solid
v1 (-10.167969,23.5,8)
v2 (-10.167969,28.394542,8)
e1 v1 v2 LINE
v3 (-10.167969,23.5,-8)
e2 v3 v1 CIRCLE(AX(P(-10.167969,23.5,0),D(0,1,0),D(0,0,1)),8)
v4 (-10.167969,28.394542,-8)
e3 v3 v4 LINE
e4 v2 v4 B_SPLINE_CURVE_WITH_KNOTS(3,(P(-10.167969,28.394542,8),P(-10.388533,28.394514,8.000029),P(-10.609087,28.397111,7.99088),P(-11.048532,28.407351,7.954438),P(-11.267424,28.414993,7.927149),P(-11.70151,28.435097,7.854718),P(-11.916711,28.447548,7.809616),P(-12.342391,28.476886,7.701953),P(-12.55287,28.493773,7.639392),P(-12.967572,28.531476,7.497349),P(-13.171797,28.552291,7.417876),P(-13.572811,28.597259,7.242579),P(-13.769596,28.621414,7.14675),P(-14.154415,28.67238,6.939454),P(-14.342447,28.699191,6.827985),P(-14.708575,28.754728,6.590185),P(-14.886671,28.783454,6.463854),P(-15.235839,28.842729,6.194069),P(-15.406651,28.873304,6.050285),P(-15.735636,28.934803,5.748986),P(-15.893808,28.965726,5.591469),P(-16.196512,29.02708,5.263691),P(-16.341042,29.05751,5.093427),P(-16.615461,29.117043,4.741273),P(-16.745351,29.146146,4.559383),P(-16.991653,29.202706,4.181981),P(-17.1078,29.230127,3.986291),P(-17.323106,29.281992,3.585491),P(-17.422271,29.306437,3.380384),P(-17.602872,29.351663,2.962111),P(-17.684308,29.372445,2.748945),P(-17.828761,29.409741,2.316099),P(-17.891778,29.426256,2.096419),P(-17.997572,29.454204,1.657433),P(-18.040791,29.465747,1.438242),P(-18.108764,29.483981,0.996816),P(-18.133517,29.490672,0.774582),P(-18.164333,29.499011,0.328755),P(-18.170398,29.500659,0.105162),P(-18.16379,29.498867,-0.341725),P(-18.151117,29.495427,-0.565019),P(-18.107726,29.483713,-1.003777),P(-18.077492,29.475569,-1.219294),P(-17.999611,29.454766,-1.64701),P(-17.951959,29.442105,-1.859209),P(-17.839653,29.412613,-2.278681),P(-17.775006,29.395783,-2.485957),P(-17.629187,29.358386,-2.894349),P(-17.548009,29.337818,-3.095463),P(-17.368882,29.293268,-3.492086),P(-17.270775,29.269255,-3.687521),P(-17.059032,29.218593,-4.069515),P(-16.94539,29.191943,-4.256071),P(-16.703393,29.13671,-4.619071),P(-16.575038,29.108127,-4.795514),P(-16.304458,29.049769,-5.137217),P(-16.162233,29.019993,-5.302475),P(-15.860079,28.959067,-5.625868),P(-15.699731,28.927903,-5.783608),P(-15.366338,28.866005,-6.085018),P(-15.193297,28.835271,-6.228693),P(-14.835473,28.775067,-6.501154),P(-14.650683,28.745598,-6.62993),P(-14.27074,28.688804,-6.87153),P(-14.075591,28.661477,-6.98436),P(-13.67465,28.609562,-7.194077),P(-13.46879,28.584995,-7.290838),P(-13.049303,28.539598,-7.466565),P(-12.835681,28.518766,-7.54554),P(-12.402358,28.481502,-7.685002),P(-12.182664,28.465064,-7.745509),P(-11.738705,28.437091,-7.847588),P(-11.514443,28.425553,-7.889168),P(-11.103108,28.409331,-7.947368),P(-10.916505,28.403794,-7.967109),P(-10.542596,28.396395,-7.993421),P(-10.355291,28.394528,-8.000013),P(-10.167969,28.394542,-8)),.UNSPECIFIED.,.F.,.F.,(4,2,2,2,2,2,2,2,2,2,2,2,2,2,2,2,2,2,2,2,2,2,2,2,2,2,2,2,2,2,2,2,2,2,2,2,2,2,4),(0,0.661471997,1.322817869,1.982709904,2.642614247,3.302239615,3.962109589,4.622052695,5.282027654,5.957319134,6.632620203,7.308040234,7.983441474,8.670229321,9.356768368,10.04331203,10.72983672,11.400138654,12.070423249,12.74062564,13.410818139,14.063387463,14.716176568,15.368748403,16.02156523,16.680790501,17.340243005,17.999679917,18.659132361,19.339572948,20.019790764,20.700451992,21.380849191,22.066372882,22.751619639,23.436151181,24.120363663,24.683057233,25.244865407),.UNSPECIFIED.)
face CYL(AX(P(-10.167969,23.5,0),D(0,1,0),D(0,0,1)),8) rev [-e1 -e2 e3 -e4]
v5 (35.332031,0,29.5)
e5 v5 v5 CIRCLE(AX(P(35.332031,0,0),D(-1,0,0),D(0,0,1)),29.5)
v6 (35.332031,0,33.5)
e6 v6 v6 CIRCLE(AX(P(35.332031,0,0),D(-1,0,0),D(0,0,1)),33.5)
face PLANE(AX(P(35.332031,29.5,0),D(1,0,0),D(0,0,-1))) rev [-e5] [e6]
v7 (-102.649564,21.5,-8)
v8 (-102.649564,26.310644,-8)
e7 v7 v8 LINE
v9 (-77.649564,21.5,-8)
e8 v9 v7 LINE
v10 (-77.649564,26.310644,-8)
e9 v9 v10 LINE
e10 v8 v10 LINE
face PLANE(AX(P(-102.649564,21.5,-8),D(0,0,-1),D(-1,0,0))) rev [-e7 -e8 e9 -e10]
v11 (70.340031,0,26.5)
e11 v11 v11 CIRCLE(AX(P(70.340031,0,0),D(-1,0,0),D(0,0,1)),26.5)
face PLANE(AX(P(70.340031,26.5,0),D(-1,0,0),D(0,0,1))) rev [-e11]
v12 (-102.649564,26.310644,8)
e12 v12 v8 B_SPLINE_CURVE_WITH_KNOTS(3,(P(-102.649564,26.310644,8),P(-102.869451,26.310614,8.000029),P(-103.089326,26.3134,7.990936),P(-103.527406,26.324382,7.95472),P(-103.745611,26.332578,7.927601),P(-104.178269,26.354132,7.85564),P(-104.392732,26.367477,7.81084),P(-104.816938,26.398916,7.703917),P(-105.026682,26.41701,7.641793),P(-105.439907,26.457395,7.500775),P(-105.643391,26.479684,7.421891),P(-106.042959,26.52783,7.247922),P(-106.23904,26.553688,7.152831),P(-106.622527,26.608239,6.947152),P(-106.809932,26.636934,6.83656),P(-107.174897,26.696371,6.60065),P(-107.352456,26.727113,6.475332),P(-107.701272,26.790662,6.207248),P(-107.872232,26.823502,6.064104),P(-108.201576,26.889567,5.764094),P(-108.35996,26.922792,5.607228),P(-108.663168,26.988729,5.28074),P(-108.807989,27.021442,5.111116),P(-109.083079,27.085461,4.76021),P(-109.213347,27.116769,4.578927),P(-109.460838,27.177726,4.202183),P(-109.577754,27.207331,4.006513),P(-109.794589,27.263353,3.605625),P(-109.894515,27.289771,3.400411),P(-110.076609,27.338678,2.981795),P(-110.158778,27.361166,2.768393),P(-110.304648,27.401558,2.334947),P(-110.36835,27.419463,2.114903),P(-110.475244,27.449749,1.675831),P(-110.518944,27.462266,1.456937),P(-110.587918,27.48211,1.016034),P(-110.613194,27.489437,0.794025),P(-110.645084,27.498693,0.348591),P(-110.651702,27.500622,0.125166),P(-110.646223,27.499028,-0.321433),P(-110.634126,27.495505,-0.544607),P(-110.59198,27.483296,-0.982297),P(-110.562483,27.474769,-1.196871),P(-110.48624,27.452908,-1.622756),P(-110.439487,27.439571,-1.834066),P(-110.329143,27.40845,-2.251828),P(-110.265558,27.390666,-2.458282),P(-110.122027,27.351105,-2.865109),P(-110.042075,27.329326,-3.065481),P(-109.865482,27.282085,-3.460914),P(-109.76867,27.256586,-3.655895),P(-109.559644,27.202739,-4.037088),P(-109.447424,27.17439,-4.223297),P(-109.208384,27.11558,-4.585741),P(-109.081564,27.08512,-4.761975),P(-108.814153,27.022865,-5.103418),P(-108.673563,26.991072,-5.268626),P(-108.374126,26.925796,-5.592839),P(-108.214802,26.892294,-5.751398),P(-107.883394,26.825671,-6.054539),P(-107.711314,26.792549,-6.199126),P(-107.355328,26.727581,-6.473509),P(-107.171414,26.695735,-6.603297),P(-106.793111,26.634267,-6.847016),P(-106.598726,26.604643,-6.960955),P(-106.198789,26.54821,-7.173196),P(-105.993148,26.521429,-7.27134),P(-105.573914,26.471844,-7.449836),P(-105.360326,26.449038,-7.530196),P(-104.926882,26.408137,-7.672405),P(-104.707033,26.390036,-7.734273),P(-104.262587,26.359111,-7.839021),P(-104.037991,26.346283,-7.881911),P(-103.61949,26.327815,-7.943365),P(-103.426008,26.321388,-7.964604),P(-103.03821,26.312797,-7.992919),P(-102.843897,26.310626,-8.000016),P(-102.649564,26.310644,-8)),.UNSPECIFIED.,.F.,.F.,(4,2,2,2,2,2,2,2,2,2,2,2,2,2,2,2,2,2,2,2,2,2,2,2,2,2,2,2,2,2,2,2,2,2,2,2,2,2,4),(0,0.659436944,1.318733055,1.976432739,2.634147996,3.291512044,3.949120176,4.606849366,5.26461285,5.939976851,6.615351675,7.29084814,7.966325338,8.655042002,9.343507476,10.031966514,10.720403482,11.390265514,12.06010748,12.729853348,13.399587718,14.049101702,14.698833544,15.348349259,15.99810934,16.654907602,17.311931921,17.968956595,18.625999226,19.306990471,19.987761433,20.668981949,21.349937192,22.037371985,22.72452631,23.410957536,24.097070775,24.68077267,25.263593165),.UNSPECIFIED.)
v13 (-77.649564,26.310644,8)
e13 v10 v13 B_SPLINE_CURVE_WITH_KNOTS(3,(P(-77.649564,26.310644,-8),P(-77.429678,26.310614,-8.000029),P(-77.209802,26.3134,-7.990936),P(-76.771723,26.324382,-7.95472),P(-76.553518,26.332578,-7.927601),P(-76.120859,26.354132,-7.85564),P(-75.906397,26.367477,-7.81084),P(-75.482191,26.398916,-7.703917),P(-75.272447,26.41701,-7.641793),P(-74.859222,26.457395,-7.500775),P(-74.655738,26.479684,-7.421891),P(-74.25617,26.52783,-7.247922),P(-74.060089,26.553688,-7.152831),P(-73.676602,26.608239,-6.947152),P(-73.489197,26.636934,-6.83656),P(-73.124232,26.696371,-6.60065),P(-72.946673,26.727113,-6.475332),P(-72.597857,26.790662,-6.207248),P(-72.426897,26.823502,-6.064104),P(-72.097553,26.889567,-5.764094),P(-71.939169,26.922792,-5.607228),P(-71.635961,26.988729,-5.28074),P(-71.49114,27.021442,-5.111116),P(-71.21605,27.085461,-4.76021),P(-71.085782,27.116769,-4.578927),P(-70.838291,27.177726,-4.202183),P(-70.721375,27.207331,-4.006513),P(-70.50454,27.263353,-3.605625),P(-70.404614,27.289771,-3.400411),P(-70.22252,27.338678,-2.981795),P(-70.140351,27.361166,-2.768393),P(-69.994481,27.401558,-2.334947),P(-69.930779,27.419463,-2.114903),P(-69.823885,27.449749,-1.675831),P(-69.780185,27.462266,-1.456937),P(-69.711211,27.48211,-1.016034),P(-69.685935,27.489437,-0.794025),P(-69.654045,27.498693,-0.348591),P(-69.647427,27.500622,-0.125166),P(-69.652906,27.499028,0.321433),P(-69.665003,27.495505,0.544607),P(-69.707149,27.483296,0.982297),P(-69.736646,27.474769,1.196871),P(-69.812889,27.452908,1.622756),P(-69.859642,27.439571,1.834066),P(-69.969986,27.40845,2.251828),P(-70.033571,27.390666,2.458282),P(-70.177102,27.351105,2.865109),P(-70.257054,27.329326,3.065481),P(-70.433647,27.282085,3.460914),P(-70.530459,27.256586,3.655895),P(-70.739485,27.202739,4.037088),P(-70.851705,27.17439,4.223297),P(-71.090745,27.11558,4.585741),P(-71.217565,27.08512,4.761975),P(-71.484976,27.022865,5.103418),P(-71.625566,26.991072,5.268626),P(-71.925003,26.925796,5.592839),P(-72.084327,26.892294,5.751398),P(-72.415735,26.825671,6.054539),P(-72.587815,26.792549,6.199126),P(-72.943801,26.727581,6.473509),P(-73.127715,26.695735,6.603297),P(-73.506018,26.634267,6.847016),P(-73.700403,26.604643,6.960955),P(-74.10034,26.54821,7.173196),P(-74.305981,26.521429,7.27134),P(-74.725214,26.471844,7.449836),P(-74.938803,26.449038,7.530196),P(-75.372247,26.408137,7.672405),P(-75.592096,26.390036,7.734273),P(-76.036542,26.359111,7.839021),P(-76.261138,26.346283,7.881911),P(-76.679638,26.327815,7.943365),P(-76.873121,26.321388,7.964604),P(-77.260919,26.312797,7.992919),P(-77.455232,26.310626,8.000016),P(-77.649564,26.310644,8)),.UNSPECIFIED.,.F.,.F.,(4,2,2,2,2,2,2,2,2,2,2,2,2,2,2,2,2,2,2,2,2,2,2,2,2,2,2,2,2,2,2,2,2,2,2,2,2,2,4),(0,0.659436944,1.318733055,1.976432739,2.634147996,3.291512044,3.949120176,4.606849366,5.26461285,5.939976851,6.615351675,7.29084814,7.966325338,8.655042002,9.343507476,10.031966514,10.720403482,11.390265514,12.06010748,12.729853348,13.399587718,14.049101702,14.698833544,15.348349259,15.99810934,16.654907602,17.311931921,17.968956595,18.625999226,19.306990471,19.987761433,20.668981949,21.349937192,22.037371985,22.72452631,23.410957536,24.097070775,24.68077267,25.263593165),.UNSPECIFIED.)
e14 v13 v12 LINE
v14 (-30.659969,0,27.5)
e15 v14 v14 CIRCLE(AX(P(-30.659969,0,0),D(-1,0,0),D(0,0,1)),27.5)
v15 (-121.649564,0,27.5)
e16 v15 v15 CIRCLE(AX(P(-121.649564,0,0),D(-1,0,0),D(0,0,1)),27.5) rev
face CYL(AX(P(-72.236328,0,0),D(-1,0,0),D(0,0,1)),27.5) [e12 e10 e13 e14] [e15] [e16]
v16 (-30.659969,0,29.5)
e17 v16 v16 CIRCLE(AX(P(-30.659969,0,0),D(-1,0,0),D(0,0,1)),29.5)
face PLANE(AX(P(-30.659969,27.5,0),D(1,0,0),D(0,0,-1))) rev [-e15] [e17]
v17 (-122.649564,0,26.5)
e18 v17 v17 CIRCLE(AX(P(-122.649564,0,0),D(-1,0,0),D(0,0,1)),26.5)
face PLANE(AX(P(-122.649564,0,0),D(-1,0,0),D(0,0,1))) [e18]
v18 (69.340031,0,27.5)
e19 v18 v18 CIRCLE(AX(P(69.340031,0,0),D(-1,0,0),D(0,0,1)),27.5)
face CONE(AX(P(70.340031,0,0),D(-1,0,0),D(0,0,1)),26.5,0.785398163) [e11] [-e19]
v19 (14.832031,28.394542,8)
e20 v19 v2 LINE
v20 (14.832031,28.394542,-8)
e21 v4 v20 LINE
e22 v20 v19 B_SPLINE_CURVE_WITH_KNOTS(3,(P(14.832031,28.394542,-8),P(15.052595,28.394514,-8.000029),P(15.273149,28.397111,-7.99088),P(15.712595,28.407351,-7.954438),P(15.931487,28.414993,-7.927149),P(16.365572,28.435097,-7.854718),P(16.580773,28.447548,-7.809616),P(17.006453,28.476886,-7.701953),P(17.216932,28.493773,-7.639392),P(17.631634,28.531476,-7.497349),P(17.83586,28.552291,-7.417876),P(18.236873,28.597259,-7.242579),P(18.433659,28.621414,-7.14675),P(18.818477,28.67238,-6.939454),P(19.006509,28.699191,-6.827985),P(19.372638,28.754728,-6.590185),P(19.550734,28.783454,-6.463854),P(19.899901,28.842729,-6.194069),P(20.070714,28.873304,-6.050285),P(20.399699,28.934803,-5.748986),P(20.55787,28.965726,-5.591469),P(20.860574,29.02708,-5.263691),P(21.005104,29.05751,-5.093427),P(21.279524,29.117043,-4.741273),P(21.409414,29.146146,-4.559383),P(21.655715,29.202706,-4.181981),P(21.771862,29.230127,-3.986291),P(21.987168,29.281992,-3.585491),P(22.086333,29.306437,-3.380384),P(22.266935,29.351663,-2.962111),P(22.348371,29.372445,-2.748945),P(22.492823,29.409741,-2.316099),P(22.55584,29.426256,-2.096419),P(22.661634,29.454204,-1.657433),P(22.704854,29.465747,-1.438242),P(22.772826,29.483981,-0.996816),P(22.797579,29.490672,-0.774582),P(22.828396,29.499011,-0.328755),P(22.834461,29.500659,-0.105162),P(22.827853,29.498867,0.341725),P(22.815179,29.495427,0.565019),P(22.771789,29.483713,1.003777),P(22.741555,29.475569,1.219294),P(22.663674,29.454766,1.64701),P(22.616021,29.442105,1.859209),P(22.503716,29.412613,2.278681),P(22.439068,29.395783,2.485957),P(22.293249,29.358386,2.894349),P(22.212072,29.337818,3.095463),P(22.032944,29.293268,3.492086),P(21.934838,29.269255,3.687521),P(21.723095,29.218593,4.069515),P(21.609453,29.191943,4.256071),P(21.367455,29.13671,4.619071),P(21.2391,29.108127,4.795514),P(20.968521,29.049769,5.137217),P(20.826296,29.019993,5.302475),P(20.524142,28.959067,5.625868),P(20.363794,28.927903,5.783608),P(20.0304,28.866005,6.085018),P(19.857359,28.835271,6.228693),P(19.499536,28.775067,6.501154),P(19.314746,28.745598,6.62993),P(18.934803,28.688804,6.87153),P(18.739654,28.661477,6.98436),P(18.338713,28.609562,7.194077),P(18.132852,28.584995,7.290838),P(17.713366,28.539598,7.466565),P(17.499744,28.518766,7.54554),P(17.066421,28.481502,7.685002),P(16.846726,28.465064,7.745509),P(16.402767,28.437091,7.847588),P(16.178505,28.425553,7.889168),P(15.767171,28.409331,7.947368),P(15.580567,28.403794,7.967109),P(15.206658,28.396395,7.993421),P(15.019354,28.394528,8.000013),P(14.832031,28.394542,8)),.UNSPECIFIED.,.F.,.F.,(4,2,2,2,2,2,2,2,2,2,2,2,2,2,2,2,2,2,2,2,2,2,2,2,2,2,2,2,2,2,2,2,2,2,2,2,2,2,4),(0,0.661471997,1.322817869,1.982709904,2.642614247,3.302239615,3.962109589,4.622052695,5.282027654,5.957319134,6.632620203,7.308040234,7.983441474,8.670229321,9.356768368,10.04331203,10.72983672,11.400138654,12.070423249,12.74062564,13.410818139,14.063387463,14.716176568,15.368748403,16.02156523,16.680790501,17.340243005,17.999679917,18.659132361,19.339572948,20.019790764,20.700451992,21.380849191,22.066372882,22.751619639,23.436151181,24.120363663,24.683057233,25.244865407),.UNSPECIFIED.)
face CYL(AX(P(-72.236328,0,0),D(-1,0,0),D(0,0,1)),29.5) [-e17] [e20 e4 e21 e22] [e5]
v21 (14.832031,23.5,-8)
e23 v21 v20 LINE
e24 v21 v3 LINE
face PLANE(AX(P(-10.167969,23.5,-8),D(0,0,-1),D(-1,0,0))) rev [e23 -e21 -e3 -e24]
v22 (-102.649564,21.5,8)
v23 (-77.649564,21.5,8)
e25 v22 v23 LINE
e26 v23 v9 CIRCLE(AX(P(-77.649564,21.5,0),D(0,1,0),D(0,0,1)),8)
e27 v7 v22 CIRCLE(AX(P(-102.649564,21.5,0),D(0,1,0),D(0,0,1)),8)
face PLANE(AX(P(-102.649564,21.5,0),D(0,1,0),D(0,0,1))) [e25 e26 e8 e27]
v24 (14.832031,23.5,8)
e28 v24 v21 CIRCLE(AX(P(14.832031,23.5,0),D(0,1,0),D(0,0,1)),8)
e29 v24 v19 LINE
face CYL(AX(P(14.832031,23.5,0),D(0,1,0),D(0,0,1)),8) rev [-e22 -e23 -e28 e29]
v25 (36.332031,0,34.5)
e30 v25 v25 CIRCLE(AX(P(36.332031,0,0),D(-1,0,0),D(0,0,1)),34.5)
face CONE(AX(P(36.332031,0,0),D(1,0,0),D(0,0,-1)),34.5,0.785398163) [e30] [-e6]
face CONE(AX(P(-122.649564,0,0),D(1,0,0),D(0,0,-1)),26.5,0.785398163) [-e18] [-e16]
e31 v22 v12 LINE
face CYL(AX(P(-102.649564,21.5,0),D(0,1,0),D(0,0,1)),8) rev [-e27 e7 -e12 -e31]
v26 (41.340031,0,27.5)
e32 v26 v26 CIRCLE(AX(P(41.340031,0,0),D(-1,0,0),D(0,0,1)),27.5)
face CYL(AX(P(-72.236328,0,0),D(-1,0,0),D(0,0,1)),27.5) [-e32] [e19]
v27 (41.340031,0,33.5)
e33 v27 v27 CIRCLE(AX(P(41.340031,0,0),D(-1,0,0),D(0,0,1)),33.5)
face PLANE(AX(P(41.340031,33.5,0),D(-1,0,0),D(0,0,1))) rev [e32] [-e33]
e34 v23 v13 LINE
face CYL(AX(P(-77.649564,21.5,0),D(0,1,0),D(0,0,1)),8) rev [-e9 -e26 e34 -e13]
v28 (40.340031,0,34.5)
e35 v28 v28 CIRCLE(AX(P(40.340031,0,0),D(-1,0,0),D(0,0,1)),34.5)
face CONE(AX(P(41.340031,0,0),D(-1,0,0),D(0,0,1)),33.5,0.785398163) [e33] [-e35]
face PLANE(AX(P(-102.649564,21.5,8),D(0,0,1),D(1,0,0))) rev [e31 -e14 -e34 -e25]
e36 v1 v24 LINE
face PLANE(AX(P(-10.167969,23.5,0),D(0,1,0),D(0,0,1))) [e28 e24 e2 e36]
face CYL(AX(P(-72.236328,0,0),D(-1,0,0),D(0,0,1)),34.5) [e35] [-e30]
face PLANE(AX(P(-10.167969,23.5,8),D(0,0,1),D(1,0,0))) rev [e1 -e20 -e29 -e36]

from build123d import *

# Parameters (mm, degrees)
CUT_EXTRUDE1_DEPTH  = 6
SKETCH3_R           = 27.5
BOSS_EXTRUDE1_DEPTH = 63
CHAMFER1_SIZE       = 1
CUT_EXTRUDE2_DEPTH  = 6


with BuildPart() as part:
    # Sketch1 → Revolve1 (revolve)
    with BuildSketch(Plane.XY, mode=Mode.PRIVATE) as revolve1_sk:
        Polygon((-59.649564477, 0), (-59.649564477, 27.5), (-30.659969427, 27.5), (-30.659969427, 29.5), (35.33203125, 29.5), (35.33203125, 33.5), (36.33203125, 34.5), (40.340030573, 34.5), (41.340030573, 33.5), (41.340030573, 27.5), (69.340030573, 27.5), (70.340030573, 26.5), (70.340030573, 0), align=None)
    revolve(revolve1_sk.sketch.rotate(Axis((-72.236328125, 0, 0), (1, 0, 0)), 90), axis=Axis((-72.236328125, 0, 0), (1, 0, 0)))

    # Sketch2 → Cut-Extrude1 (cut)
    with BuildSketch(Plane(origin=(0, 29.5, 0), x_dir=(1, 0, 0), z_dir=(0, 1, 0))):
        with BuildLine():
            Line((-10.16796875, 8), (14.83203125, 8))
            ThreePointArc((14.83203125, 8), (22.83203125, 0), (14.83203125, -8))
            Line((14.83203125, -8), (-10.16796875, -8))
            ThreePointArc((-10.16796875, -8), (-18.16796875, 0), (-10.16796875, 8))
        make_face()
    extrude(amount=-CUT_EXTRUDE1_DEPTH, mode=Mode.SUBTRACT)

    # Sketch3 → Boss-Extrude1 (add)
    with BuildSketch(Plane.ZY.offset(59.649564477)):
        Circle(SKETCH3_R)
    extrude(amount=BOSS_EXTRUDE1_DEPTH)

    # Chamfer1
    chamfer1_edges = [part.edges().sort_by_distance(p)[0] for p in [
        (-122.649564477, 0, -27.5),
    ]]
    chamfer(chamfer1_edges, length=CHAMFER1_SIZE)

    # Sketch4 → Cut-Extrude2 (cut)
    with BuildSketch(Plane(origin=(0, 27.5, 0), x_dir=(1, 0, 0), z_dir=(0, 1, 0))):
        with BuildLine():
            Line((-102.649564477, 8), (-77.649564477, 8))
            ThreePointArc((-77.649564477, 8), (-69.649564477, 0), (-77.649564477, -8))
            Line((-77.649564477, -8), (-102.649564477, -8))
            ThreePointArc((-102.649564477, -8), (-110.649564477, 0), (-102.649564477, 8))
        make_face()
    extrude(amount=-CUT_EXTRUDE2_DEPTH, mode=Mode.SUBTRACT)


solid = part.part
